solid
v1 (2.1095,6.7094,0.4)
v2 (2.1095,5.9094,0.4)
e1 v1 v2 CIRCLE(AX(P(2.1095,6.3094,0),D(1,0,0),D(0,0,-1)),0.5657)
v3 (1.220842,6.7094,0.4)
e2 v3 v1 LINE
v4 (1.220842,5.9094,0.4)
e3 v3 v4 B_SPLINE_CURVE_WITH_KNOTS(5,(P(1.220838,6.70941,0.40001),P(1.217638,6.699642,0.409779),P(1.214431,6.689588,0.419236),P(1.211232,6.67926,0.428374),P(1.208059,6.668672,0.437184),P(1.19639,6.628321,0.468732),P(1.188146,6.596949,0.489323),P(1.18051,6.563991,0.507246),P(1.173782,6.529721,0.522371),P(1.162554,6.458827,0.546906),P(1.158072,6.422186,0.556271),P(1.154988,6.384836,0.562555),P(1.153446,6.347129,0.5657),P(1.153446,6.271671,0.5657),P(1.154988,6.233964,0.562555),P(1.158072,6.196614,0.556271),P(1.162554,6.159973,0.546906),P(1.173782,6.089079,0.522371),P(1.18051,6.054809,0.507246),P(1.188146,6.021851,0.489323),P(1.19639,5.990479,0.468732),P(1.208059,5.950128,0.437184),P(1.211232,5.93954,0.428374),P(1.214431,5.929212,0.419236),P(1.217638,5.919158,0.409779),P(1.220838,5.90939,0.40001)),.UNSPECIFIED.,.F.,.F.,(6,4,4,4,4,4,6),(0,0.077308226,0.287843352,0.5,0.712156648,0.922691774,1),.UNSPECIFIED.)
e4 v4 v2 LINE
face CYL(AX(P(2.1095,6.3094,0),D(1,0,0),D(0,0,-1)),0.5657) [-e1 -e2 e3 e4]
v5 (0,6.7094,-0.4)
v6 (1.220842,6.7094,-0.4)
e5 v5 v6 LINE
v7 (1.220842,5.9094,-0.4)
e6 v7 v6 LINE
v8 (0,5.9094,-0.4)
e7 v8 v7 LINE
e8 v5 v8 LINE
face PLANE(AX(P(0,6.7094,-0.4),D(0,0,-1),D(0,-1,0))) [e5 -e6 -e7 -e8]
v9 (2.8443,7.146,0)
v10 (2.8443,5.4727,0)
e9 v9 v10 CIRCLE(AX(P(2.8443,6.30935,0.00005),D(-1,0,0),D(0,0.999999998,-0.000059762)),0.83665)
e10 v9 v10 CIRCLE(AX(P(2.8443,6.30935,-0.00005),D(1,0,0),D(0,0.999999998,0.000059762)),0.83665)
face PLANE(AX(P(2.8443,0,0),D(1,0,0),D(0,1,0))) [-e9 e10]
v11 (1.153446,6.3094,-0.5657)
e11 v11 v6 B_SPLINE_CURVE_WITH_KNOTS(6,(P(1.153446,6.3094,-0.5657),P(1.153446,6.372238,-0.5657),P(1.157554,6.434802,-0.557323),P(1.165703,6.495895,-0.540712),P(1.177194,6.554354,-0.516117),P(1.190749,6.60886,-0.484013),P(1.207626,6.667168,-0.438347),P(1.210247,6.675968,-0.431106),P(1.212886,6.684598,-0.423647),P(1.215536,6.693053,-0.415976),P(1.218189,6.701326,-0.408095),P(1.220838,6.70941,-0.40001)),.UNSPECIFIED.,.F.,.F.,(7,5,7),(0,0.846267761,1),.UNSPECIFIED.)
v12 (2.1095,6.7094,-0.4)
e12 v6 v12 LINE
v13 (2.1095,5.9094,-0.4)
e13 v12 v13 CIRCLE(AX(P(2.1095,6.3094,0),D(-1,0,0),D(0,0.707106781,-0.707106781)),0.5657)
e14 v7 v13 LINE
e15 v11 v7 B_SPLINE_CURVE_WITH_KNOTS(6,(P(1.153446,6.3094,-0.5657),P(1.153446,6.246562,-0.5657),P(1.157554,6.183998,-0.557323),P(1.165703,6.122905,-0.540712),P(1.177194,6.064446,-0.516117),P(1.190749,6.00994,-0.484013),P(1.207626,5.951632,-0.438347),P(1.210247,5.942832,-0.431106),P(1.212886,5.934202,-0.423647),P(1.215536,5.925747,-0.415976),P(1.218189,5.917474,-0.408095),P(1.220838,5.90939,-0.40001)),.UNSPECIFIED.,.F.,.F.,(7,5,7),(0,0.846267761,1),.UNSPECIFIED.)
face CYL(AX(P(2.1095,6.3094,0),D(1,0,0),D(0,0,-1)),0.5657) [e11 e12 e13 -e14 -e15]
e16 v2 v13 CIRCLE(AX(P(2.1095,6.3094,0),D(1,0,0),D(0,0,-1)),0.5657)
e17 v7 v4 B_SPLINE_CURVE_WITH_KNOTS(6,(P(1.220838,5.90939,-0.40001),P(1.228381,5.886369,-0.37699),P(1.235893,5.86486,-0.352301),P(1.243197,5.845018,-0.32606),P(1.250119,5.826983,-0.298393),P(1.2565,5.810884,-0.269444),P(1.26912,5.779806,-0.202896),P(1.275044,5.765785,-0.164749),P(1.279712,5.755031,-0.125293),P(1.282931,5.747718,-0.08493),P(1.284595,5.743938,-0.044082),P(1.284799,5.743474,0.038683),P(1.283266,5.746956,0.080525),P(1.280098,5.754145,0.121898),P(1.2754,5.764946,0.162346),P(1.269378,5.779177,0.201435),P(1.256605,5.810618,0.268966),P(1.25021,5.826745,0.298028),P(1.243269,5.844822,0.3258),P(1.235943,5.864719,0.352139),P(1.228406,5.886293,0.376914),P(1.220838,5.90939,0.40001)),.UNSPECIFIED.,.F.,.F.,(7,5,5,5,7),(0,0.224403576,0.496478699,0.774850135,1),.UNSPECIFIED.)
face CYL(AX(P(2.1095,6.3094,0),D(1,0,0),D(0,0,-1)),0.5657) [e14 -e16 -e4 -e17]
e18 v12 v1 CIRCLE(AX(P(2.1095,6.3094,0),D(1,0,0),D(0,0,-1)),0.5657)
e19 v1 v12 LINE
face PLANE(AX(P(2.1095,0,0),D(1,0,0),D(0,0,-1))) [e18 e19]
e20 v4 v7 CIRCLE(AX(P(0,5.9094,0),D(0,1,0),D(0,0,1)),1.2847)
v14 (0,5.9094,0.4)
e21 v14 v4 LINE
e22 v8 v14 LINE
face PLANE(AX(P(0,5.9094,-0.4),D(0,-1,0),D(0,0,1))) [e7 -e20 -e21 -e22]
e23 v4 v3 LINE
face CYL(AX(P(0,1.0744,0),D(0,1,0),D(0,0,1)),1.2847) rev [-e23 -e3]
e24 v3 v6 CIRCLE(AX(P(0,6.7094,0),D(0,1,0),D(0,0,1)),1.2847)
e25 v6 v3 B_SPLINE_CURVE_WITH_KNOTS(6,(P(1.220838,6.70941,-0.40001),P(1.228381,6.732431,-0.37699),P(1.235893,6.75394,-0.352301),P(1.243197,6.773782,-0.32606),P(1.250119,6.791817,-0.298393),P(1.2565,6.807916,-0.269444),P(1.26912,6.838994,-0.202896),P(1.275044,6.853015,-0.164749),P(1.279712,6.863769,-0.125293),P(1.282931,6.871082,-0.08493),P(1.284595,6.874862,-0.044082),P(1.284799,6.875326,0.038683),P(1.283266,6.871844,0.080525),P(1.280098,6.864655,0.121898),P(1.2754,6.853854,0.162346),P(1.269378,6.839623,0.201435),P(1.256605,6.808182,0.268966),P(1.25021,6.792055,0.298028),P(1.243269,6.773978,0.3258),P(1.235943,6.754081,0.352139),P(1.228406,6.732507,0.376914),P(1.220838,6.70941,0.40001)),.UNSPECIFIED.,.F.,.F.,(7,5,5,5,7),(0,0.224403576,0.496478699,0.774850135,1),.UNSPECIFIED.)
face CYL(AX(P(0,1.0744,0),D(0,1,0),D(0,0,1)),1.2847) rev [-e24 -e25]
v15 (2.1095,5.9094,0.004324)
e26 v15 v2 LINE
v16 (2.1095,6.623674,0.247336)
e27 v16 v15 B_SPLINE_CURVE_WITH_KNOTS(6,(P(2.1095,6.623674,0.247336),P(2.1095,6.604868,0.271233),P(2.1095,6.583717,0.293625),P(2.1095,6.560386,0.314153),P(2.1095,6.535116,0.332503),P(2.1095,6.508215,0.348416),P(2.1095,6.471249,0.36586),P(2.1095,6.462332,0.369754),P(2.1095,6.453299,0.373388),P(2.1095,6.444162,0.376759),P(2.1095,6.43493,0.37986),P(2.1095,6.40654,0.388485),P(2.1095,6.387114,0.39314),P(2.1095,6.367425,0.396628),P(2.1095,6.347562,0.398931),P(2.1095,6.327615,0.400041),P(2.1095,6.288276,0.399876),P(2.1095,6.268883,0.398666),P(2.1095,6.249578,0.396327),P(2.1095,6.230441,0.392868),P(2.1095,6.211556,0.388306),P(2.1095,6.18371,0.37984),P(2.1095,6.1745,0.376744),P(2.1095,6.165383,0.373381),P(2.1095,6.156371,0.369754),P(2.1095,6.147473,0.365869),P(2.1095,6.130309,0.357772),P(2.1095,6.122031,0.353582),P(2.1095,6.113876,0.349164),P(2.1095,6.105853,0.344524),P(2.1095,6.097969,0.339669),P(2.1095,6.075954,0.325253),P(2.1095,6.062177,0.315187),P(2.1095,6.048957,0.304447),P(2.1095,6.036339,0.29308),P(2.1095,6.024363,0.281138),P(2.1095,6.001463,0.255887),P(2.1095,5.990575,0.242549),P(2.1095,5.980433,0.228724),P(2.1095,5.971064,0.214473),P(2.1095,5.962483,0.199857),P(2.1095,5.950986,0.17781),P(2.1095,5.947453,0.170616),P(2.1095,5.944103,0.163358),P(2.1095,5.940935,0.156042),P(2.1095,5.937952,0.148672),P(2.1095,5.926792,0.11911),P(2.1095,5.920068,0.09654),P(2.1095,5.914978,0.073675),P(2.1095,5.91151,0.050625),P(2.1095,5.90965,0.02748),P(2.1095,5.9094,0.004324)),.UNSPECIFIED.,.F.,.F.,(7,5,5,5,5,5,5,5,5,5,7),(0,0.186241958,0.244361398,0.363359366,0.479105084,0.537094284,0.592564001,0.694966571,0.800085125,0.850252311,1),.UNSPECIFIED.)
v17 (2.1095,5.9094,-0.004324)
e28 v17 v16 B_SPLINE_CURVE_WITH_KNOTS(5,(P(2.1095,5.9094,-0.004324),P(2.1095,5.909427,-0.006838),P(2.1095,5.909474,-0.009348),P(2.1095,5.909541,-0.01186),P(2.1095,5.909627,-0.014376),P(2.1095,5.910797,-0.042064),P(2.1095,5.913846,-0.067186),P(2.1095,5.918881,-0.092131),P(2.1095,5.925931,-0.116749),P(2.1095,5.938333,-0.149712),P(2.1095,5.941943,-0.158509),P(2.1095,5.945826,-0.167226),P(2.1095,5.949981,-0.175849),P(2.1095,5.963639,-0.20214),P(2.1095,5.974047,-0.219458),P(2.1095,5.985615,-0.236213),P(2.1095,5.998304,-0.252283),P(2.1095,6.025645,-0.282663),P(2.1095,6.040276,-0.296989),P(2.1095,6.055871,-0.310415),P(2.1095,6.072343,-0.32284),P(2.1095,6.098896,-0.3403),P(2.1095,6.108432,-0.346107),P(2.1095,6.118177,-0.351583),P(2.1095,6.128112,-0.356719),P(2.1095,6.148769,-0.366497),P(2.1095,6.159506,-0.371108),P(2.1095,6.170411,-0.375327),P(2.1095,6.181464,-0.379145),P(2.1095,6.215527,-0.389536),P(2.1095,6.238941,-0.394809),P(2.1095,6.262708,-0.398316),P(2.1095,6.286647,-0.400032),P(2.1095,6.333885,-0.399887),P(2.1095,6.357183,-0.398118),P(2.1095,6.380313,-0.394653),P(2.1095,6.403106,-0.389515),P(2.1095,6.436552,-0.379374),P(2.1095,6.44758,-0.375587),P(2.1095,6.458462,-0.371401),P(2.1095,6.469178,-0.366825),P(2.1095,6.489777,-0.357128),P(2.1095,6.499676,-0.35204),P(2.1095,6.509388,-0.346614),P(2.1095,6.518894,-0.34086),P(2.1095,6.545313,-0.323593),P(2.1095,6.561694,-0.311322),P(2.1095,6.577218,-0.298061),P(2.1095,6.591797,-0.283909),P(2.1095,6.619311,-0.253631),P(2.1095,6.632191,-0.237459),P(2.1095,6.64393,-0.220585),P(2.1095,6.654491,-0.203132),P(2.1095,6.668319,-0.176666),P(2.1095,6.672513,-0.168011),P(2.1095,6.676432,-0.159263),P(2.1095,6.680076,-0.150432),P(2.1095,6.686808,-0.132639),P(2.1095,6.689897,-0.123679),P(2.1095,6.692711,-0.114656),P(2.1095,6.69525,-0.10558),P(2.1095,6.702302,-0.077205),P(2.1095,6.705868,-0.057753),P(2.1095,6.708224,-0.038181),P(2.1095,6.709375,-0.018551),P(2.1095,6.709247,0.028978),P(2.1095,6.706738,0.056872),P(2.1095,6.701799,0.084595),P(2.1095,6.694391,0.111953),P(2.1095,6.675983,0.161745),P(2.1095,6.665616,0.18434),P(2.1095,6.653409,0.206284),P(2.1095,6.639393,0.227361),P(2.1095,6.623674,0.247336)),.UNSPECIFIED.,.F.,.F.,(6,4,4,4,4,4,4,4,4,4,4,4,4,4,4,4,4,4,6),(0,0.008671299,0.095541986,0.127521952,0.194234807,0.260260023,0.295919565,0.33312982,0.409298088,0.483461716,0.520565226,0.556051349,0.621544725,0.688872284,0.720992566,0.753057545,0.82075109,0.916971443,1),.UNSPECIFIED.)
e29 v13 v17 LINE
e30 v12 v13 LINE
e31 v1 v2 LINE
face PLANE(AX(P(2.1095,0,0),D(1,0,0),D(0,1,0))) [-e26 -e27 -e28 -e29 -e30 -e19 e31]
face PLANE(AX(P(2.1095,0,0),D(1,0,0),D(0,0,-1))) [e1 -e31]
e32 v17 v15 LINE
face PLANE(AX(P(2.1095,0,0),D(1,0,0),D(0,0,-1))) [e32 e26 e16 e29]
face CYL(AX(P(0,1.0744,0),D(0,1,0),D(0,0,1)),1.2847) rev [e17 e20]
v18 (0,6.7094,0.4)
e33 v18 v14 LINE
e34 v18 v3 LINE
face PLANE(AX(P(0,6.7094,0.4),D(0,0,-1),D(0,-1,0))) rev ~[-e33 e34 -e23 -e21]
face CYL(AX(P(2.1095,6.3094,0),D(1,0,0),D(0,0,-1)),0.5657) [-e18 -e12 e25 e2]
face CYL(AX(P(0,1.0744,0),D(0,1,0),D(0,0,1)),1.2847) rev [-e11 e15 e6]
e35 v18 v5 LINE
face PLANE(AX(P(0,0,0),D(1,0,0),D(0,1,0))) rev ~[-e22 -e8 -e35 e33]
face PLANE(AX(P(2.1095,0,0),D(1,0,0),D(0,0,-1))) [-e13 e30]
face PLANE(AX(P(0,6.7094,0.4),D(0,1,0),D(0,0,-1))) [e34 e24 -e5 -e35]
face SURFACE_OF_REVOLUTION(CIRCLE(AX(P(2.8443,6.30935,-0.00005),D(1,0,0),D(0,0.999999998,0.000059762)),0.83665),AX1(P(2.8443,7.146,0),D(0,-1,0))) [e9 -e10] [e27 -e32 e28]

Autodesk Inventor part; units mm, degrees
ref_plane "XZ Plane" through (0, 0, 0) normal (0, 1, 0) x (-1, 0, 0)
ref_plane "XY Plane" through (0, 0, 0) normal (0, 0, 1) x (1, 0, 0)
sketch "Boceto1" plane through (0, 0, 0) normal (1, 0, 0) x (0, 1, 0)
  line L0 (1.0744, 1.2847) -> (7.0094, 1.2847)
  line L1 (1.1029, 0.9847) -> (6.9809, 0.9847)
  arc A0 (1.0744, 1.2847) -> (0, 0) centre (1.3052, 0) ccw
  arc A1 (1.1029, 0.9847) -> (0.3, 0) centre (1.3052, 0) ccw
  arc A2 (8.0838, 0) -> (7.0094, 1.2847) centre (6.7786, 0) ccw
  arc A3 (7.7838, 0) -> (6.9809, 0.9847) centre (6.7786, 0) ccw
  line L2 (6.7094, 0.4) -> (6.7094, -0.4)
  line L3 (5.9094, -0.4) -> (5.9094, 0.4)
  line L4 (0.3, 0) -> (0, 0)
  line L5 (7.7838, 0) -> (8.0838, 0)
  circle A4 centre (1.3052, 0) radius 0.45
  line L6 (6.7094, 0.4) -> (5.9094, 0.4)
  line L7 (6.7094, -0.4) -> (5.9094, -0.4)
  point P0 (0, 0)
extrude "Extrusión1" add sketch "Boceto1" along normal blind 2.1095 contours L2 L7 L3 L6
sketch "Boceto2" plane through (2.1095, 0, 0) normal (1, 0, 0) x (0, 0, -1)
  line L0 (0.4, 6.7094) -> (-0.4, 6.7094) projected
  line L1 (-0.4, 6.7094) -> (-0.4, 5.9094) projected
  line L2 (-0.4, 5.9094) -> (0.4, 5.9094) projected
  line L3 (0.4, 5.9094) -> (0.4, 6.7094) projected
  line L4 (0.4, 6.7094) -> (-0.4, 6.7094) projected
  line L5 (-0.4, 6.7094) -> (-0.4, 5.9094) projected
  circle A0 centre (0, 6.3094) radius 0.5657
  point P0 (0, 0)
extrude "Extrusión2" add sketch "Boceto2" against normal blind 2.1095 contours A0 L3 | L0 A0 | L1 A0 | A0 L2
sketch "Boceto3" plane through (0, 0, 0) normal (1, 0, 0) x (0, 1, 0)
  line L0 (1.0744, 1.2847) -> (7.0094, 1.2847)
  line L1 (1.1029, 0.9847) -> (6.9809, 0.9847)
  arc A0 (1.0744, 1.2847) -> (0, 0) centre (1.3052, 0) ccw
  arc A1 (1.1029, 0.9847) -> (0.3, 0) centre (1.3052, 0) ccw
  arc A2 (8.0838, 0) -> (7.0094, 1.2847) centre (6.7786, 0) ccw
  arc A3 (7.7838, 0) -> (6.9809, 0.9847) centre (6.7786, 0) ccw
  line L2 (0.3, 0) -> (0, 0)
  line L3 (7.7838, 0) -> (8.0838, 0)
  line L4 (7.7838, 0) -> (0.3, 0)
  point P0 (0, 0)
revolve "Revolución1" cut sketch "Boceto3" angle 360 about axis through (0, 7.7838, 0) along (0, -1, 0)
sketch "Boceto4" plane through (0, 0, 0) normal (1, 0, 0) x (0, 1, 0)
  line L0 (1.0744, 1.2847) -> (7.0094, 1.2847)
  line L1 (1.1029, 0.9847) -> (6.9809, 0.9847)
  arc A0 (1.0744, 1.2847) -> (0, 0) centre (1.3052, 0) ccw
  arc A1 (1.1029, 0.9847) -> (0.3, 0) centre (1.3052, 0) ccw
  arc A2 (8.0838, 0) -> (7.0094, 1.2847) centre (6.7786, 0) ccw
  arc A3 (7.7838, 0) -> (6.9809, 0.9847) centre (6.7786, 0) ccw
  line L2 (6.7094, 0.4) -> (6.7094, -0.4)
  line L3 (5.9094, -0.4) -> (5.9094, 0.4)
  line L4 (0.3, 0) -> (0, 0)
  line L5 (7.7838, 0) -> (8.0838, 0)
  circle A4 centre (1.3052, 0) radius 0.45
  line L6 (6.7094, 0.4) -> (5.9094, 0.4)
  line L7 (6.7094, -0.4) -> (5.9094, -0.4)
  point P0 (0, 0)
extrude "Extrusión3" add sketch "Boceto4" along normal blind 2.1095 contours L2 L7 L3 L6
ref_plane "Plano de trabajo1" through (2.8443, 0, 0) normal (1, 0, 0) x (0, 1, 0)
sketch "Boceto5" plane through (2.8443, 0, 0) normal (1, 0, 0) x (0, 1, 0)
  circle A0 centre (6.3094, 0) radius 0.5657 projected
  line L0 (7.146, 0) -> (5.4727, 0)
  arc A1 (7.146, 0) -> (5.4727, 0) centre (6.3094, 0) ccw
  point P0 (0, 0)
revolve "Revolución2" add sketch "Boceto5" angle 180 about axis through (2.8443, 7.146, 0) along (0, -1, 0) picked at (6.4505, 0.2153) contours L0 A0 | A0 L0 A1
properties part number "soportebrazo"
